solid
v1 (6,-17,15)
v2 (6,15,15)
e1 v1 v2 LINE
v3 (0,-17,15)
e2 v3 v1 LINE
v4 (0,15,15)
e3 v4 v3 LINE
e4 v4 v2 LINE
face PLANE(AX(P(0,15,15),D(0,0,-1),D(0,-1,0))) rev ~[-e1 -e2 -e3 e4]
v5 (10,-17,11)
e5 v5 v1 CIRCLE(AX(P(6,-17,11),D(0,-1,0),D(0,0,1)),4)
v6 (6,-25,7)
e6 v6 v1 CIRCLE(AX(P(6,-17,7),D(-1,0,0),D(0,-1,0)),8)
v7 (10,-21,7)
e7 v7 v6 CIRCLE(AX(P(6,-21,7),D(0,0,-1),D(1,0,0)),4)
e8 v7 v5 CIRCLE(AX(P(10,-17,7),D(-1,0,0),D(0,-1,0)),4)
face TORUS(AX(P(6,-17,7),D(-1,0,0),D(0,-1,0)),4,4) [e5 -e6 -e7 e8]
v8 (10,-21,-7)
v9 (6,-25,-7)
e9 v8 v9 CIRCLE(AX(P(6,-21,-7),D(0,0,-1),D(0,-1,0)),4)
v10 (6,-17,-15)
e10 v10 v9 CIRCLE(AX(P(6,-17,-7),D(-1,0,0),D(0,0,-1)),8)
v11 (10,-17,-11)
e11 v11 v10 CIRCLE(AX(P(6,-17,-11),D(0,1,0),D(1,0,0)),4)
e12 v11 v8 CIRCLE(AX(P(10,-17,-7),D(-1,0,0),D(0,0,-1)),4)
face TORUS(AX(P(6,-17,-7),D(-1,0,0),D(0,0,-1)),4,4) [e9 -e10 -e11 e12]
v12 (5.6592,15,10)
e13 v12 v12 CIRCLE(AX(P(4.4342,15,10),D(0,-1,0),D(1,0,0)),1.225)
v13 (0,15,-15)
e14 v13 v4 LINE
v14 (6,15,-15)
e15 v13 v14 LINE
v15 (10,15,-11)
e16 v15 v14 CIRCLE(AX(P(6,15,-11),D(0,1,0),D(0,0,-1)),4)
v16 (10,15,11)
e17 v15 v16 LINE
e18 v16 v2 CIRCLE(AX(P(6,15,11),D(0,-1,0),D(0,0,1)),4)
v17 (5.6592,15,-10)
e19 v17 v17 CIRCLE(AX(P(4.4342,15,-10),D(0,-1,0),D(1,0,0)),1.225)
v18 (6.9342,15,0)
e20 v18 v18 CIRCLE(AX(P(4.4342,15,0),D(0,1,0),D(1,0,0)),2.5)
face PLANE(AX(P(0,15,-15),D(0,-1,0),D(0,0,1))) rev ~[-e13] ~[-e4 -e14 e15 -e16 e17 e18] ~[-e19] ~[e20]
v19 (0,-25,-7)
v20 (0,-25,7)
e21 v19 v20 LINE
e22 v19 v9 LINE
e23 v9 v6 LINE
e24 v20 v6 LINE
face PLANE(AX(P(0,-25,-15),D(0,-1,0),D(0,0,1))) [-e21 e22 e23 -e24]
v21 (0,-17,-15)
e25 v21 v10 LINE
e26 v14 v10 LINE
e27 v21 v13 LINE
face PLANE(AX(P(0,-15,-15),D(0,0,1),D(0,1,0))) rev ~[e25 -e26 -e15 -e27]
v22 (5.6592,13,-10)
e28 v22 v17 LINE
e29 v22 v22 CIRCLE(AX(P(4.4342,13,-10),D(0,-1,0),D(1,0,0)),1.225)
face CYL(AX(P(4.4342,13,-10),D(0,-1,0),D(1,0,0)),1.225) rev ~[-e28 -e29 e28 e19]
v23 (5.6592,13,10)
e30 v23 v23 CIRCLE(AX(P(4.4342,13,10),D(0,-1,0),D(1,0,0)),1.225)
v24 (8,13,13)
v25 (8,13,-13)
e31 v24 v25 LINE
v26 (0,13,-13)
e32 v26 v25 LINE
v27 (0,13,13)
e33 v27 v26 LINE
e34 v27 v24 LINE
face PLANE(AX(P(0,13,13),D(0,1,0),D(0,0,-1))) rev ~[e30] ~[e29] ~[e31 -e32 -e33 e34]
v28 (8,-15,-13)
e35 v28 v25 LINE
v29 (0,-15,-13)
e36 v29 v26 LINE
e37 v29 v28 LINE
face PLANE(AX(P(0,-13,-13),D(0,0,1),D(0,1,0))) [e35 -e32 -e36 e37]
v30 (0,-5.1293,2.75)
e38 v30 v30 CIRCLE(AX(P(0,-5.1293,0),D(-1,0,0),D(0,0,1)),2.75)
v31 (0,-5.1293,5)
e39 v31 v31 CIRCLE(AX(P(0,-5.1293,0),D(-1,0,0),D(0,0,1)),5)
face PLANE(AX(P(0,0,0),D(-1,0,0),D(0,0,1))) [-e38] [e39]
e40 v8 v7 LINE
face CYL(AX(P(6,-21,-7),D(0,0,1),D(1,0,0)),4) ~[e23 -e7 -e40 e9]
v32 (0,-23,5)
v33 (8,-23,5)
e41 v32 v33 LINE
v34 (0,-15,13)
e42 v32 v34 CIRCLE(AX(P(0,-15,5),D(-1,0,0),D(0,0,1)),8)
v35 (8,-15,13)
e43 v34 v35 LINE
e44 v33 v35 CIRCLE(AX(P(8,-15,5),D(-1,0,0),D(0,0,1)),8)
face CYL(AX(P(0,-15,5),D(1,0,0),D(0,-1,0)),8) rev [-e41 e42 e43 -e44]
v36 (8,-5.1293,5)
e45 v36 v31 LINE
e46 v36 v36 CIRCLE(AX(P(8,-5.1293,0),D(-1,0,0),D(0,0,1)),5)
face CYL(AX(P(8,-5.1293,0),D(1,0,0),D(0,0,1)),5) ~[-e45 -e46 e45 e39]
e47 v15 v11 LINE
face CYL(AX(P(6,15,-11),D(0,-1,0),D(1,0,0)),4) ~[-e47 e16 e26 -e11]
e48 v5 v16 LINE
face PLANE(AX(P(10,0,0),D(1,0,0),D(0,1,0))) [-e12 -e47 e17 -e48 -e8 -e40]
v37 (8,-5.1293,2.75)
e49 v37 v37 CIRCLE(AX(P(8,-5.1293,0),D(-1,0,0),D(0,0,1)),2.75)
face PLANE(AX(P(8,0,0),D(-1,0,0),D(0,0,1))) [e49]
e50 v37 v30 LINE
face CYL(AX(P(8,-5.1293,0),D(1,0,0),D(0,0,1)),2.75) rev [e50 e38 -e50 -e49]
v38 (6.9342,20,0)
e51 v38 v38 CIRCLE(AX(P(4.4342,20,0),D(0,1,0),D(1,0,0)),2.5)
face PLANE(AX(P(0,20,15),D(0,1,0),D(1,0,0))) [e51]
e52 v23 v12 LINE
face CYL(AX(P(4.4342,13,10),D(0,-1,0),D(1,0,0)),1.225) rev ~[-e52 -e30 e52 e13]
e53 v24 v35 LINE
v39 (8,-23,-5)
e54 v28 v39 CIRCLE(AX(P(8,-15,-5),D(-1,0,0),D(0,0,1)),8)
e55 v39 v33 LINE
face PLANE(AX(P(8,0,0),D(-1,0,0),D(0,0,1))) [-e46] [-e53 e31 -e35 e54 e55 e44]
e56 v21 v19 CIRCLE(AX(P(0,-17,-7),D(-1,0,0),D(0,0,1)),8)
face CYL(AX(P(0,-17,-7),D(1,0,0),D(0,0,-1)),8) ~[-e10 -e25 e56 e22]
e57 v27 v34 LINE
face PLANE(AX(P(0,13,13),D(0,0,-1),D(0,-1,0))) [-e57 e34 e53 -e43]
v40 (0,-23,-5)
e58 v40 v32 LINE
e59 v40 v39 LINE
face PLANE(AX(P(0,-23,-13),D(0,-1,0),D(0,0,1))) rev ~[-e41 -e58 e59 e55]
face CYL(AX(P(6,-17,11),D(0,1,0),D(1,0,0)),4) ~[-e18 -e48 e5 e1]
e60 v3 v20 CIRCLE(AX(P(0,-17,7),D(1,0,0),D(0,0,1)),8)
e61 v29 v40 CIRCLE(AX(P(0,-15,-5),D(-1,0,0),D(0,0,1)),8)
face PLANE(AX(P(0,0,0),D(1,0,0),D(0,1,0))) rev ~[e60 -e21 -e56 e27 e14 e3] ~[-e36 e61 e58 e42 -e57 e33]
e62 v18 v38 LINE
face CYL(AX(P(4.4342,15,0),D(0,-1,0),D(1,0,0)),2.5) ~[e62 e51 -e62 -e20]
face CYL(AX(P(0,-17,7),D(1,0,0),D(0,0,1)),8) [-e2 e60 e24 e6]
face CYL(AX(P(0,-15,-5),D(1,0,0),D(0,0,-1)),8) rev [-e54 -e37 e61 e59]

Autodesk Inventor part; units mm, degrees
ref_plane "YZ Plane" through (0, 0, 0) normal (1, 0, 0) x (0, 1, 0)
ref_plane "XZ Plane" through (0, 0, 0) normal (0, 1, 0) x (-1, 0, 0)
ref_plane "XY Plane" through (0, 0, 0) normal (0, 0, 1) x (1, 0, 0)
sketch "Sketch1" plane through (0, 0, 0) normal (1, 0, 0) x (0, 1, 0)
  line L0 (15, 15) -> (-15, 15)
  line L1 (-15, -15) -> (15, -15)
  line L2 (15, -15) -> (15, 15)
  line L3 (15, 15) -> (-15, -15) construction
  line L4 (-15, 15) -> (15, -15) construction
  line L5 (-15, -15) -> (-25, -15)
  line L6 (-25, -15) -> (-25, 15)
  line L7 (-25, 15) -> (-15, 15)
  point P0 (0, 0)
  dimension "d0" = 30
  dimension "d1" = 30
  dimension "d13" = 10
extrude "Extrusion1" add sketch "Sketch1" along normal blind 10
sketch "Sketch2" plane through (0, 0, 0) normal (-1, 0, 0) x (0, 0, 1)
  line L0 (-13, -13) -> (-13, 13)
  line L1 (13, 13) -> (13, -13)
  line L2 (13, 13) -> (-13, 13)
  line L3 (-13, -13) -> (-13, -23)
  line L4 (-13, -23) -> (13, -23)
  line L5 (13, -23) -> (13, -13)
  point P0 (0, 0)
  dimension "d14" = 10
extrude "Extrusion2" cut sketch "Sketch2" against normal blind 8
sketch "Sketch3" plane through (0, 15, 15) normal (0, 1, 0) x (1, 0, 0)
  circle A0 centre (4.4342, 15) radius 2.5 projected
  point P0 (0, 15)
extrude "Extrusion3" add sketch "Sketch3" along normal blind 5
sketch "Sketch4" plane through (0, 13, -13) normal (0, -1, 0) x (1, 0, 0)
  circle A0 centre (4.4342, 23) radius 1.225 projected
  circle A1 centre (4.4342, 3) radius 1.225 projected
  point P0 (0, 13)
extrude "Extrusion4" cut sketch "Sketch4" against normal blind 2
fillet "Fillet4" radius 8 4 edges at (4, -23, 13) (4, -23, -13) (5, -25, -15) (5, -25, 15)
fillet "Fillet5" radius 4 4 edges at (10, -25, 0) (10, -22.6569, 12.6569) (10, -1, -15) (10, -22.6569, -12.6569)
sketch "Sketch11" plane through (8, 0, 0) normal (-1, 0, 0) x (0, 0, 1)
  circle A0 centre (0, -5.1293) radius 5
  circle A1 centre (0, -5.1293) radius 2.75
  point P0 (0, 0)
  dimension "d48" = 10
extrude "Extrusion13" add sketch "Sketch11" along normal blind 8
properties part number "TapaPieEfector"
